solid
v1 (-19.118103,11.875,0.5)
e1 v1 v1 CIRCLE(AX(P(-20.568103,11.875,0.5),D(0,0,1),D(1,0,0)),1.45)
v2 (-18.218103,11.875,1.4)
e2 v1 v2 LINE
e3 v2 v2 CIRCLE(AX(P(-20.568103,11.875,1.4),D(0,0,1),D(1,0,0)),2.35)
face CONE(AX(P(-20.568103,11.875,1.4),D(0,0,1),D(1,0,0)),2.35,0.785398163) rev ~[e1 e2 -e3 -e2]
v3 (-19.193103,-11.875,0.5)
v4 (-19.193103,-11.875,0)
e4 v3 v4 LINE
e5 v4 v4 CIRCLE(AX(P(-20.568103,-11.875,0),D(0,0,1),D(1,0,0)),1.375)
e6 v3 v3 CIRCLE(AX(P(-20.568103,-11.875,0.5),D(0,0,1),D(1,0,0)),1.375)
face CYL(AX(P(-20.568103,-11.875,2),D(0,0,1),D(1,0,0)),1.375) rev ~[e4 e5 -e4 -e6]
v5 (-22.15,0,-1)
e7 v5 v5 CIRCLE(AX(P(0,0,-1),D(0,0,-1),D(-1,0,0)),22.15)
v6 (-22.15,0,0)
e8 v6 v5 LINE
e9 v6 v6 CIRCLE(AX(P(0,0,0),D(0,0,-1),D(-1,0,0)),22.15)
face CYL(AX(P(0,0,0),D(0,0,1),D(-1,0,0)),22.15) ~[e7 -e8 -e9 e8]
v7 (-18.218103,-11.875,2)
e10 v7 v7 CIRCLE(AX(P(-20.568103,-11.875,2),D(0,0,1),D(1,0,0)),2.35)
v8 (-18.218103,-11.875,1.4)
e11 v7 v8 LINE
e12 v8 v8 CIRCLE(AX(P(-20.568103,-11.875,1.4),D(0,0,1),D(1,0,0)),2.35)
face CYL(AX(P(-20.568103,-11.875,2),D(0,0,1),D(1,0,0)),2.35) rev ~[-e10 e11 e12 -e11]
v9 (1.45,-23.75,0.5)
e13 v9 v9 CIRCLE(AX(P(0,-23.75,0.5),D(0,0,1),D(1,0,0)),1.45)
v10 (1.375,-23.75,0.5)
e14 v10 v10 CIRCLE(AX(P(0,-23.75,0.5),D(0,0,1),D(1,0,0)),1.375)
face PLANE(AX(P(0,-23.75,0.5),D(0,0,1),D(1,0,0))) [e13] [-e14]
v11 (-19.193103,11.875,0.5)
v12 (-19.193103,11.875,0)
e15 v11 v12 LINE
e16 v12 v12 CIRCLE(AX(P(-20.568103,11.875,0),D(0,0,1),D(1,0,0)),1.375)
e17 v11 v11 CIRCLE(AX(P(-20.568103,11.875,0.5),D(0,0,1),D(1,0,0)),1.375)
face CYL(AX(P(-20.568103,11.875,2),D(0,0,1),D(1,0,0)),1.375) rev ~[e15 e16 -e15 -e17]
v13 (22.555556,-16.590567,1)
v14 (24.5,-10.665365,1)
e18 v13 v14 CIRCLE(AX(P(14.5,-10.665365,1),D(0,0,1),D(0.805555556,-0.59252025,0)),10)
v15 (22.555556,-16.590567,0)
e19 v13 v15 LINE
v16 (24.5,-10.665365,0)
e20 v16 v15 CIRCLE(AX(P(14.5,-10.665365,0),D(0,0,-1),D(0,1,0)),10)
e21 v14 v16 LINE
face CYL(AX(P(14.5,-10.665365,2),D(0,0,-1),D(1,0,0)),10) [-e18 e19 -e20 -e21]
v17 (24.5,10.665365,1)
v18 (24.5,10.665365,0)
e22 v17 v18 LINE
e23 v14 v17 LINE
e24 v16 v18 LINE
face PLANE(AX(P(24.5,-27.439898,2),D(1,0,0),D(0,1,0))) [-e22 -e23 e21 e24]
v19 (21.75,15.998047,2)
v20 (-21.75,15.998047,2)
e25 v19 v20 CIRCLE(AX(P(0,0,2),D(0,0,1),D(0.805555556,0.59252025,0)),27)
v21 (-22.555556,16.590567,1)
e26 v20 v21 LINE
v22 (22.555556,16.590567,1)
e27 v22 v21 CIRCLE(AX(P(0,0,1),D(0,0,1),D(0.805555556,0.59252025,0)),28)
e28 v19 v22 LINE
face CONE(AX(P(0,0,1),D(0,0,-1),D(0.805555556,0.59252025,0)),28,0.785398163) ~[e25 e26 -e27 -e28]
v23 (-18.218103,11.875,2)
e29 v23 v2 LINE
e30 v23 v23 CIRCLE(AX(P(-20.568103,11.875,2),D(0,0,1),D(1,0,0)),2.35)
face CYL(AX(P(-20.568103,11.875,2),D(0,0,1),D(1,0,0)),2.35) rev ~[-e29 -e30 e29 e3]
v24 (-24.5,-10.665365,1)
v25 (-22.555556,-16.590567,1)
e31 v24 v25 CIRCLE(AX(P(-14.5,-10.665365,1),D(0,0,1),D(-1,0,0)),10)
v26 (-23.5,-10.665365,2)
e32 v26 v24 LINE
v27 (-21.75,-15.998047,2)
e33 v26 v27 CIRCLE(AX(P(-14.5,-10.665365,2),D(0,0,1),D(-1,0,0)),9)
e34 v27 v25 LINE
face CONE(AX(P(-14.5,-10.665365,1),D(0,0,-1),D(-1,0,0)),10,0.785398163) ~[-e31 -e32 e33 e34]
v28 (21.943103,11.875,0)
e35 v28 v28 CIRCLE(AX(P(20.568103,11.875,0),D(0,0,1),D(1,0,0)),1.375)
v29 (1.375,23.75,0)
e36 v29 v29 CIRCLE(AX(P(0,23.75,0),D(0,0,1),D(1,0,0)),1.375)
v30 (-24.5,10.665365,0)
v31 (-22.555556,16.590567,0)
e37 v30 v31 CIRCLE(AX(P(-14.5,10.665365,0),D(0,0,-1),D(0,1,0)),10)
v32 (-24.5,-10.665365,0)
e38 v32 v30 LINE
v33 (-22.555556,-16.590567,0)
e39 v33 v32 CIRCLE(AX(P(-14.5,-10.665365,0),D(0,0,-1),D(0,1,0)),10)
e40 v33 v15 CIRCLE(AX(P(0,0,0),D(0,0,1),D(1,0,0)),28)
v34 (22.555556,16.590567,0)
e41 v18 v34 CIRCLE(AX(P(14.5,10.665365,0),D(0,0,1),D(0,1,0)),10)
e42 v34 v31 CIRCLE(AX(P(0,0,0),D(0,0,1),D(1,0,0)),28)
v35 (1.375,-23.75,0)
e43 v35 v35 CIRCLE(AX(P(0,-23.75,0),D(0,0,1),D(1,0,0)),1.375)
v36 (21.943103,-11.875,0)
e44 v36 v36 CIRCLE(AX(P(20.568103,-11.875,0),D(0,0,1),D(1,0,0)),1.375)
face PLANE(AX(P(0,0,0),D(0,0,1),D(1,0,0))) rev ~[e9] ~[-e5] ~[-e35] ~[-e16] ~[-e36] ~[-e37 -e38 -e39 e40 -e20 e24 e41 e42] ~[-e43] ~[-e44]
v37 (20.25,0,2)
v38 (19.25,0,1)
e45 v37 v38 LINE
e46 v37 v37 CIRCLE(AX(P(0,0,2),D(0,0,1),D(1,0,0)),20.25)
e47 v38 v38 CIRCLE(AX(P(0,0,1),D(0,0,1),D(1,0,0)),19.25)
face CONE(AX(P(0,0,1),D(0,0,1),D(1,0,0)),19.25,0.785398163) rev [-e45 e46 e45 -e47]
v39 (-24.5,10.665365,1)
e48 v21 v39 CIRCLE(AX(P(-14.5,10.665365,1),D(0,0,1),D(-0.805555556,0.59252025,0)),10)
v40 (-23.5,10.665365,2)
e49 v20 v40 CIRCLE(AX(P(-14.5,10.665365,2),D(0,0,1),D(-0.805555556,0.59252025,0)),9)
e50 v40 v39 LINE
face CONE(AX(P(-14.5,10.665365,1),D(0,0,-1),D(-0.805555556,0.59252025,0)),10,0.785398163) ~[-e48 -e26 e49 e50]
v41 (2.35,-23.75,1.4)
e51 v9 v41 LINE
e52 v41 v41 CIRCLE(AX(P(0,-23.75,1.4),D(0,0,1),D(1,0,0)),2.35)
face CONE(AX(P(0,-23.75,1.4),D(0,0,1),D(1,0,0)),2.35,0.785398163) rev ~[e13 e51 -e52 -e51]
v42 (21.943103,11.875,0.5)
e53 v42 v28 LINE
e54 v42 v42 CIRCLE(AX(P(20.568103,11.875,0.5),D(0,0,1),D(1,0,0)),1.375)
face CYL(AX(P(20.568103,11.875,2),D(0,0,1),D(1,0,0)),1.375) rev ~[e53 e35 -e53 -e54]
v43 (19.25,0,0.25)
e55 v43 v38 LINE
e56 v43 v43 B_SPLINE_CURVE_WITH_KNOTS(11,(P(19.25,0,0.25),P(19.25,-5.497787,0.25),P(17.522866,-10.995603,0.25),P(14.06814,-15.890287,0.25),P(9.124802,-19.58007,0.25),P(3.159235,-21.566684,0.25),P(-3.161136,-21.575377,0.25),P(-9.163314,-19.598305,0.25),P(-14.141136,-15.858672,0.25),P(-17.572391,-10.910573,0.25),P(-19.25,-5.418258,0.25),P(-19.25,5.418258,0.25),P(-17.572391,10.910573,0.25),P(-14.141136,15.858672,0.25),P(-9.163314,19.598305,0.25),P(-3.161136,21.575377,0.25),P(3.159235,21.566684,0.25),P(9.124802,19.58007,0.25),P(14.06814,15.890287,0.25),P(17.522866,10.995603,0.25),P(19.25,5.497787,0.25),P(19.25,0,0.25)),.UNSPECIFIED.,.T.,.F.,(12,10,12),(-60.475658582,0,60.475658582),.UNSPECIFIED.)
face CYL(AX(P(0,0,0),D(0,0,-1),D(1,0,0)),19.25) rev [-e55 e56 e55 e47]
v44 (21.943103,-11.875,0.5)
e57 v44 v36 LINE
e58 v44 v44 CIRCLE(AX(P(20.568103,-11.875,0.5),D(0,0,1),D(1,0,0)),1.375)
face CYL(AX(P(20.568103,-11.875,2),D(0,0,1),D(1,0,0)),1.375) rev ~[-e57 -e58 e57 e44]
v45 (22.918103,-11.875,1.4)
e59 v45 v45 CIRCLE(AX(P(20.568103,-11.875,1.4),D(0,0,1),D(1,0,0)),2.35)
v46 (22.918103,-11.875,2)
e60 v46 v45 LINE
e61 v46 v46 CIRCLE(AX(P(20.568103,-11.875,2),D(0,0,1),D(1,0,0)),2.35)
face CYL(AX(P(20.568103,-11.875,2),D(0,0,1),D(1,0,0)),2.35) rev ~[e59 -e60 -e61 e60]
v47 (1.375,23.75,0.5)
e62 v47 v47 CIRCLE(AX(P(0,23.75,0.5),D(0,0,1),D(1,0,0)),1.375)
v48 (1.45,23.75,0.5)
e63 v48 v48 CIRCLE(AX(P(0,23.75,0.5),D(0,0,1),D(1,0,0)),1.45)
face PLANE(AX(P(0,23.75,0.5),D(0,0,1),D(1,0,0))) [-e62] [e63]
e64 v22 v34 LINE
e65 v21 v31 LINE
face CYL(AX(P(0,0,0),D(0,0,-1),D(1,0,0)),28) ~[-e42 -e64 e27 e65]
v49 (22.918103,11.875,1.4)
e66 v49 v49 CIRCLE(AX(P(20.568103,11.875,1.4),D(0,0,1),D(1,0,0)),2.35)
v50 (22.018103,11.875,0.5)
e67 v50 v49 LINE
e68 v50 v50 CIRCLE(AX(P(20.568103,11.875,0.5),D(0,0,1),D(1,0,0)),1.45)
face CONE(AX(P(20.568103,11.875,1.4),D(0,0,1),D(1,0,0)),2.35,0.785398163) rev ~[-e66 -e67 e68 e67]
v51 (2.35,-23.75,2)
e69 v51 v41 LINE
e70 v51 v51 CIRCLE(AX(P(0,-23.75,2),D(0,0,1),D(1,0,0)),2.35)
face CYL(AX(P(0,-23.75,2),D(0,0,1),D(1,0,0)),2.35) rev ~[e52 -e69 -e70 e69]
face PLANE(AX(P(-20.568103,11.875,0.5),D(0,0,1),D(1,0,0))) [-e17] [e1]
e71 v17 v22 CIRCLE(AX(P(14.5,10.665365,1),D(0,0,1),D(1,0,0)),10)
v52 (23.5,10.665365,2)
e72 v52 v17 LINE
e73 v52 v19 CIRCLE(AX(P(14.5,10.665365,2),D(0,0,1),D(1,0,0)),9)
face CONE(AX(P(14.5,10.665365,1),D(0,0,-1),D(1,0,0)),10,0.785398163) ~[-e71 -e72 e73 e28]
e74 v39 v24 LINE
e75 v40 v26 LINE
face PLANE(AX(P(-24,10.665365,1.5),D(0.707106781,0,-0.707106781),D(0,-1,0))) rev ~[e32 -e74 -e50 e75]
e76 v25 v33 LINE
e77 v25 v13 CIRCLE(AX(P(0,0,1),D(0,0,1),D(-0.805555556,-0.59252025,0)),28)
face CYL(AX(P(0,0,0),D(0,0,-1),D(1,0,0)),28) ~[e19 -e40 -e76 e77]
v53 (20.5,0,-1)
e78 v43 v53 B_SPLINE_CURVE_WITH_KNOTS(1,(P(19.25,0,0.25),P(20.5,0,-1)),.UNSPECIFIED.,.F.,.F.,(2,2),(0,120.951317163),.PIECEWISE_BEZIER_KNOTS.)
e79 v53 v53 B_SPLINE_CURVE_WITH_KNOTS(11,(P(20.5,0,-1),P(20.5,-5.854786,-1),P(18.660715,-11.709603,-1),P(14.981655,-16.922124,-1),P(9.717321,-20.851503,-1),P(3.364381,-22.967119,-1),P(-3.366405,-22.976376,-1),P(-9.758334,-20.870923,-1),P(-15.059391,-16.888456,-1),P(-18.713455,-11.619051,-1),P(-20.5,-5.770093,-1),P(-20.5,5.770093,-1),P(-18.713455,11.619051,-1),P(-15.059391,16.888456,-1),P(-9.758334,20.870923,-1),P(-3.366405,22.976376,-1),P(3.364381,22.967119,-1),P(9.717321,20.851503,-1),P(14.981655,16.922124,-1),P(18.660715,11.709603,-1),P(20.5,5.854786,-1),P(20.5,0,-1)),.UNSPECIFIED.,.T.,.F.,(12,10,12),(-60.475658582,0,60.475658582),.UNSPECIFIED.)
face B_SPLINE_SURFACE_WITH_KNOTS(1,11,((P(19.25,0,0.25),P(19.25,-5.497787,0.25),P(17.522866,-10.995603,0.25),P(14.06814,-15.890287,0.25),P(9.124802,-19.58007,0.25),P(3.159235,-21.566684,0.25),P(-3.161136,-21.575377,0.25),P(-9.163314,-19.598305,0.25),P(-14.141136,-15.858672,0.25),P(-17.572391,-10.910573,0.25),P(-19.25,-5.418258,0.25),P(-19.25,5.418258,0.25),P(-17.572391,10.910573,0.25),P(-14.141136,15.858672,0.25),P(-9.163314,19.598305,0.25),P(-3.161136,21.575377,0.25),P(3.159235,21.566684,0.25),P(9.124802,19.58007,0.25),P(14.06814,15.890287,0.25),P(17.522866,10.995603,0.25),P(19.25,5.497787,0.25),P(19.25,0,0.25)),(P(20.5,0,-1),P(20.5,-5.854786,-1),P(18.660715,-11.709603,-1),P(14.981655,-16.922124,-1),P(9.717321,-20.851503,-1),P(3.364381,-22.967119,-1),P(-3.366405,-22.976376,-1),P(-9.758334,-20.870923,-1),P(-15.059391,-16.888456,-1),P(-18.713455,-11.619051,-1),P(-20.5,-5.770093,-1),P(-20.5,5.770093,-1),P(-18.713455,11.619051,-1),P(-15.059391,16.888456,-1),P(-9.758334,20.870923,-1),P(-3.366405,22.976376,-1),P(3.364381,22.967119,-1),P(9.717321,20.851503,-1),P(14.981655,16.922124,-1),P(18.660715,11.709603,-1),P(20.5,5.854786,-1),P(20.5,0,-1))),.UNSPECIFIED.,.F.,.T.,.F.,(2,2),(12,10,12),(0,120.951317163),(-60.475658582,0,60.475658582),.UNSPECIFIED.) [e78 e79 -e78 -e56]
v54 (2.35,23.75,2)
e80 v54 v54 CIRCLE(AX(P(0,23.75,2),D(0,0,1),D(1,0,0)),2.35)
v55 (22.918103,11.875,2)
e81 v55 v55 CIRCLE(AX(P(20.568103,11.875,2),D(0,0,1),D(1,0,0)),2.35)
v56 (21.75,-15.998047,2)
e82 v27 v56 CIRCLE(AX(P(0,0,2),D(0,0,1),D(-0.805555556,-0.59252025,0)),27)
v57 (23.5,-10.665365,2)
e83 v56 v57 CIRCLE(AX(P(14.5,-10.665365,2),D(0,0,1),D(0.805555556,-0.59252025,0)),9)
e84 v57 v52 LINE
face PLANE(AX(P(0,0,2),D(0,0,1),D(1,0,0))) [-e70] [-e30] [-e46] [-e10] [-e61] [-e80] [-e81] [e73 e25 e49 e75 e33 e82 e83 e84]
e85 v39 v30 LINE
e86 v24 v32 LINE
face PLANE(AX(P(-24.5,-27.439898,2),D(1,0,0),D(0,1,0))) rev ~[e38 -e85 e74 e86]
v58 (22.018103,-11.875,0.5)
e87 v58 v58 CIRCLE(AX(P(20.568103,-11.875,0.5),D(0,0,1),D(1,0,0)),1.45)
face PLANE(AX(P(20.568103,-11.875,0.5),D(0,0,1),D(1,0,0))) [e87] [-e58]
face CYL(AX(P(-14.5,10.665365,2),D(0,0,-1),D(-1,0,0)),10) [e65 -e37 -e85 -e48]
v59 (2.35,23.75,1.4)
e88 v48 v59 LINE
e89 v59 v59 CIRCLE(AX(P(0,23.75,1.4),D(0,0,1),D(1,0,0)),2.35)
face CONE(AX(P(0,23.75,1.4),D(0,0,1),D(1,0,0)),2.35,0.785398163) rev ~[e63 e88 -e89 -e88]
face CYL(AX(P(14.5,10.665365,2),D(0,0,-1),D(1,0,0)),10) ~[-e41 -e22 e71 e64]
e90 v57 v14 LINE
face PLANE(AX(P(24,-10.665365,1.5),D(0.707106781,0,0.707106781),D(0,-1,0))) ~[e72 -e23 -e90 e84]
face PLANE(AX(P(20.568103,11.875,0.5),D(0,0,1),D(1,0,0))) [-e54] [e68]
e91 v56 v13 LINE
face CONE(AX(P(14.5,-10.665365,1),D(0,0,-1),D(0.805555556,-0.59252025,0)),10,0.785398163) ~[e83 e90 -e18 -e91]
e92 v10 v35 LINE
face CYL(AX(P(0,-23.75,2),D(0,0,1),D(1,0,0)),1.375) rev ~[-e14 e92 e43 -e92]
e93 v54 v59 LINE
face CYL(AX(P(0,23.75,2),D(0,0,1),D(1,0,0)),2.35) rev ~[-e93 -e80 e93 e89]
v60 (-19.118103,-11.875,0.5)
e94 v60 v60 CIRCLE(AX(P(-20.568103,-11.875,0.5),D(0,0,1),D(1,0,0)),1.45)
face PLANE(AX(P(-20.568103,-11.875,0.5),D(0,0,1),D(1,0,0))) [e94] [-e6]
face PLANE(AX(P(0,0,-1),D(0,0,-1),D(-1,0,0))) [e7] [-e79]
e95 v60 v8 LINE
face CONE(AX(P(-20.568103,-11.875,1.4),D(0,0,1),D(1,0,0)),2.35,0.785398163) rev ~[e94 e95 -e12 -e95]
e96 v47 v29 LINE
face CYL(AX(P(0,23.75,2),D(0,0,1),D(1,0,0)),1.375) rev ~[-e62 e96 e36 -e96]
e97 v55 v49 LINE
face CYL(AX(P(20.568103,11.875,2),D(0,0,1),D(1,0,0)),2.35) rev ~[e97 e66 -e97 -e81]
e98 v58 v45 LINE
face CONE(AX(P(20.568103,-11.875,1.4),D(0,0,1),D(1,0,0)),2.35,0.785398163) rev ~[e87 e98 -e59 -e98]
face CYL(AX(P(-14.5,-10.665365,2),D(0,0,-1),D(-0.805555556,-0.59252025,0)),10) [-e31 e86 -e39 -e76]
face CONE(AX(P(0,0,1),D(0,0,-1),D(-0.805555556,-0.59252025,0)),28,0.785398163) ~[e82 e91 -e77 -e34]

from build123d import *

# Parameters (mm, degrees)
SKETCH1_R           = 28
SKETCH1_R_2         = 19.25
BOSS_EXTRUDE1_DEPTH = 2
SKETCH2_R           = 22.15
SKETCH2_R_2         = 19.25
BOSS_EXTRUDE2_DEPTH = 1
SKETCH3_R           = 1.375
CUT_EXTRUDE1_DEPTH  = 4
SKETCH4_W           = 12.894615696
SKETCH4_H           = 54.223512158
CUT_EXTRUDE2_DEPTH  = 4
FILLET1_R           = 10
SKETCH5_R           = 2.35
CUT_EXTRUDE3_DEPTH  = 1.5
CHAMFER2_SIZE       = 0.9
CHAMFER1_SIZE       = 1
CHAMFER3_SIZE       = 1.25


with BuildPart() as part:
    # Sketch1 → Boss-Extrude1 (new body)
    with BuildSketch(Plane.XY):
        Circle(SKETCH1_R)
        Circle(SKETCH1_R_2, mode=Mode.SUBTRACT)
    extrude(amount=BOSS_EXTRUDE1_DEPTH)

    # Sketch2 → Boss-Extrude2 (add)
    with BuildSketch(Plane(origin=(0, 0, 0), x_dir=(-1, 0, 0), z_dir=(0, 0, -1))):
        Circle(SKETCH2_R)
        Circle(SKETCH2_R_2, mode=Mode.SUBTRACT)
    extrude(amount=BOSS_EXTRUDE2_DEPTH)

    # Sketch3 → Cut-Extrude1 (cut, through all)
    with BuildSketch(Plane.XY.offset(2)):
        with Locations((0, 23.75)):
            Circle(SKETCH3_R)
        with Locations((20.56810334, 11.875)):
            Circle(SKETCH3_R)
        with Locations((20.56810334, -11.875)):
            Circle(SKETCH3_R)
        with Locations((0, -23.75)):
            Circle(SKETCH3_R)
        with Locations((-20.56810334, -11.875)):
            Circle(SKETCH3_R)
        with Locations((-20.56810334, 11.875)):
            Circle(SKETCH3_R)
    extrude(amount=-CUT_EXTRUDE1_DEPTH, mode=Mode.SUBTRACT)

    # Sketch4 → Cut-Extrude2 (cut, through all)
    with BuildSketch(Plane.XY.offset(2)):
        with Locations((30.947307848, -0.328141479)):
            Rectangle(SKETCH4_W, SKETCH4_H)
        with Locations((-30.947307848, -0.328141479)):
            Rectangle(SKETCH4_W, SKETCH4_H)
    extrude(amount=-CUT_EXTRUDE2_DEPTH, mode=Mode.SUBTRACT)

    # Fillet1
    fillet1_edges = [part.edges().sort_by_distance(p)[0] for p in [
        (24.5, -13.555441712, 1),
        (24.5, 13.555441712, 1),
        (-24.5, 13.555441712, 1),
        (-24.5, -13.555441712, 1),
    ]]
    fillet(fillet1_edges, radius=FILLET1_R)

    # Sketch5 → Cut-Extrude3 (cut)
    with BuildSketch(Plane.XY.offset(2)):
        with Locations((0, 23.75)):
            Circle(SKETCH5_R)
        with Locations((20.56810334, 11.875)):
            Circle(SKETCH5_R)
        with Locations((-20.56810334, 11.875)):
            Circle(SKETCH5_R)
        with Locations((20.56810334, -11.875)):
            Circle(SKETCH5_R)
        with Locations((0, -23.75)):
            Circle(SKETCH5_R)
        with Locations((-20.56810334, -11.875)):
            Circle(SKETCH5_R)
    extrude(amount=-CUT_EXTRUDE3_DEPTH, mode=Mode.SUBTRACT)

    # Chamfer2
    chamfer2_edges = [part.edges().sort_by_distance(p)[0] for p in [
        (-2.35, 23.75, 0.5),
        (-22.91810334, -11.875, 0.5),
        (-2.35, -23.75, 0.5),
        (18.21810334, -11.875, 0.5),
        (-22.91810334, 11.875, 0.5),
        (18.21810334, 11.875, 0.5),
    ]]
    chamfer(chamfer2_edges, length=CHAMFER2_SIZE)

    # Chamfer1
    chamfer1_edges = [part.edges().sort_by_distance(p)[0] for p in [
        (-19.25, 0, 2),
        (0, 28, 2),
        (24.5, 0, 2),
        (-24.5, 0, 2),
        (0, -28, 2),
        (-24.001461876, 13.783412326, 2),
        (-24.001461876, -13.783412326, 2),
        (24.001461876, -13.783412326, 2),
        (24.001461876, 13.783412326, 2),
    ]]
    chamfer(chamfer1_edges, length=CHAMFER1_SIZE)

    # Chamfer3
    chamfer3_edges = [part.edges().sort_by_distance(p)[0] for p in [
        (19.25, 0, -1),
    ]]
    chamfer(chamfer3_edges, length=CHAMFER3_SIZE)


solid = part.part
